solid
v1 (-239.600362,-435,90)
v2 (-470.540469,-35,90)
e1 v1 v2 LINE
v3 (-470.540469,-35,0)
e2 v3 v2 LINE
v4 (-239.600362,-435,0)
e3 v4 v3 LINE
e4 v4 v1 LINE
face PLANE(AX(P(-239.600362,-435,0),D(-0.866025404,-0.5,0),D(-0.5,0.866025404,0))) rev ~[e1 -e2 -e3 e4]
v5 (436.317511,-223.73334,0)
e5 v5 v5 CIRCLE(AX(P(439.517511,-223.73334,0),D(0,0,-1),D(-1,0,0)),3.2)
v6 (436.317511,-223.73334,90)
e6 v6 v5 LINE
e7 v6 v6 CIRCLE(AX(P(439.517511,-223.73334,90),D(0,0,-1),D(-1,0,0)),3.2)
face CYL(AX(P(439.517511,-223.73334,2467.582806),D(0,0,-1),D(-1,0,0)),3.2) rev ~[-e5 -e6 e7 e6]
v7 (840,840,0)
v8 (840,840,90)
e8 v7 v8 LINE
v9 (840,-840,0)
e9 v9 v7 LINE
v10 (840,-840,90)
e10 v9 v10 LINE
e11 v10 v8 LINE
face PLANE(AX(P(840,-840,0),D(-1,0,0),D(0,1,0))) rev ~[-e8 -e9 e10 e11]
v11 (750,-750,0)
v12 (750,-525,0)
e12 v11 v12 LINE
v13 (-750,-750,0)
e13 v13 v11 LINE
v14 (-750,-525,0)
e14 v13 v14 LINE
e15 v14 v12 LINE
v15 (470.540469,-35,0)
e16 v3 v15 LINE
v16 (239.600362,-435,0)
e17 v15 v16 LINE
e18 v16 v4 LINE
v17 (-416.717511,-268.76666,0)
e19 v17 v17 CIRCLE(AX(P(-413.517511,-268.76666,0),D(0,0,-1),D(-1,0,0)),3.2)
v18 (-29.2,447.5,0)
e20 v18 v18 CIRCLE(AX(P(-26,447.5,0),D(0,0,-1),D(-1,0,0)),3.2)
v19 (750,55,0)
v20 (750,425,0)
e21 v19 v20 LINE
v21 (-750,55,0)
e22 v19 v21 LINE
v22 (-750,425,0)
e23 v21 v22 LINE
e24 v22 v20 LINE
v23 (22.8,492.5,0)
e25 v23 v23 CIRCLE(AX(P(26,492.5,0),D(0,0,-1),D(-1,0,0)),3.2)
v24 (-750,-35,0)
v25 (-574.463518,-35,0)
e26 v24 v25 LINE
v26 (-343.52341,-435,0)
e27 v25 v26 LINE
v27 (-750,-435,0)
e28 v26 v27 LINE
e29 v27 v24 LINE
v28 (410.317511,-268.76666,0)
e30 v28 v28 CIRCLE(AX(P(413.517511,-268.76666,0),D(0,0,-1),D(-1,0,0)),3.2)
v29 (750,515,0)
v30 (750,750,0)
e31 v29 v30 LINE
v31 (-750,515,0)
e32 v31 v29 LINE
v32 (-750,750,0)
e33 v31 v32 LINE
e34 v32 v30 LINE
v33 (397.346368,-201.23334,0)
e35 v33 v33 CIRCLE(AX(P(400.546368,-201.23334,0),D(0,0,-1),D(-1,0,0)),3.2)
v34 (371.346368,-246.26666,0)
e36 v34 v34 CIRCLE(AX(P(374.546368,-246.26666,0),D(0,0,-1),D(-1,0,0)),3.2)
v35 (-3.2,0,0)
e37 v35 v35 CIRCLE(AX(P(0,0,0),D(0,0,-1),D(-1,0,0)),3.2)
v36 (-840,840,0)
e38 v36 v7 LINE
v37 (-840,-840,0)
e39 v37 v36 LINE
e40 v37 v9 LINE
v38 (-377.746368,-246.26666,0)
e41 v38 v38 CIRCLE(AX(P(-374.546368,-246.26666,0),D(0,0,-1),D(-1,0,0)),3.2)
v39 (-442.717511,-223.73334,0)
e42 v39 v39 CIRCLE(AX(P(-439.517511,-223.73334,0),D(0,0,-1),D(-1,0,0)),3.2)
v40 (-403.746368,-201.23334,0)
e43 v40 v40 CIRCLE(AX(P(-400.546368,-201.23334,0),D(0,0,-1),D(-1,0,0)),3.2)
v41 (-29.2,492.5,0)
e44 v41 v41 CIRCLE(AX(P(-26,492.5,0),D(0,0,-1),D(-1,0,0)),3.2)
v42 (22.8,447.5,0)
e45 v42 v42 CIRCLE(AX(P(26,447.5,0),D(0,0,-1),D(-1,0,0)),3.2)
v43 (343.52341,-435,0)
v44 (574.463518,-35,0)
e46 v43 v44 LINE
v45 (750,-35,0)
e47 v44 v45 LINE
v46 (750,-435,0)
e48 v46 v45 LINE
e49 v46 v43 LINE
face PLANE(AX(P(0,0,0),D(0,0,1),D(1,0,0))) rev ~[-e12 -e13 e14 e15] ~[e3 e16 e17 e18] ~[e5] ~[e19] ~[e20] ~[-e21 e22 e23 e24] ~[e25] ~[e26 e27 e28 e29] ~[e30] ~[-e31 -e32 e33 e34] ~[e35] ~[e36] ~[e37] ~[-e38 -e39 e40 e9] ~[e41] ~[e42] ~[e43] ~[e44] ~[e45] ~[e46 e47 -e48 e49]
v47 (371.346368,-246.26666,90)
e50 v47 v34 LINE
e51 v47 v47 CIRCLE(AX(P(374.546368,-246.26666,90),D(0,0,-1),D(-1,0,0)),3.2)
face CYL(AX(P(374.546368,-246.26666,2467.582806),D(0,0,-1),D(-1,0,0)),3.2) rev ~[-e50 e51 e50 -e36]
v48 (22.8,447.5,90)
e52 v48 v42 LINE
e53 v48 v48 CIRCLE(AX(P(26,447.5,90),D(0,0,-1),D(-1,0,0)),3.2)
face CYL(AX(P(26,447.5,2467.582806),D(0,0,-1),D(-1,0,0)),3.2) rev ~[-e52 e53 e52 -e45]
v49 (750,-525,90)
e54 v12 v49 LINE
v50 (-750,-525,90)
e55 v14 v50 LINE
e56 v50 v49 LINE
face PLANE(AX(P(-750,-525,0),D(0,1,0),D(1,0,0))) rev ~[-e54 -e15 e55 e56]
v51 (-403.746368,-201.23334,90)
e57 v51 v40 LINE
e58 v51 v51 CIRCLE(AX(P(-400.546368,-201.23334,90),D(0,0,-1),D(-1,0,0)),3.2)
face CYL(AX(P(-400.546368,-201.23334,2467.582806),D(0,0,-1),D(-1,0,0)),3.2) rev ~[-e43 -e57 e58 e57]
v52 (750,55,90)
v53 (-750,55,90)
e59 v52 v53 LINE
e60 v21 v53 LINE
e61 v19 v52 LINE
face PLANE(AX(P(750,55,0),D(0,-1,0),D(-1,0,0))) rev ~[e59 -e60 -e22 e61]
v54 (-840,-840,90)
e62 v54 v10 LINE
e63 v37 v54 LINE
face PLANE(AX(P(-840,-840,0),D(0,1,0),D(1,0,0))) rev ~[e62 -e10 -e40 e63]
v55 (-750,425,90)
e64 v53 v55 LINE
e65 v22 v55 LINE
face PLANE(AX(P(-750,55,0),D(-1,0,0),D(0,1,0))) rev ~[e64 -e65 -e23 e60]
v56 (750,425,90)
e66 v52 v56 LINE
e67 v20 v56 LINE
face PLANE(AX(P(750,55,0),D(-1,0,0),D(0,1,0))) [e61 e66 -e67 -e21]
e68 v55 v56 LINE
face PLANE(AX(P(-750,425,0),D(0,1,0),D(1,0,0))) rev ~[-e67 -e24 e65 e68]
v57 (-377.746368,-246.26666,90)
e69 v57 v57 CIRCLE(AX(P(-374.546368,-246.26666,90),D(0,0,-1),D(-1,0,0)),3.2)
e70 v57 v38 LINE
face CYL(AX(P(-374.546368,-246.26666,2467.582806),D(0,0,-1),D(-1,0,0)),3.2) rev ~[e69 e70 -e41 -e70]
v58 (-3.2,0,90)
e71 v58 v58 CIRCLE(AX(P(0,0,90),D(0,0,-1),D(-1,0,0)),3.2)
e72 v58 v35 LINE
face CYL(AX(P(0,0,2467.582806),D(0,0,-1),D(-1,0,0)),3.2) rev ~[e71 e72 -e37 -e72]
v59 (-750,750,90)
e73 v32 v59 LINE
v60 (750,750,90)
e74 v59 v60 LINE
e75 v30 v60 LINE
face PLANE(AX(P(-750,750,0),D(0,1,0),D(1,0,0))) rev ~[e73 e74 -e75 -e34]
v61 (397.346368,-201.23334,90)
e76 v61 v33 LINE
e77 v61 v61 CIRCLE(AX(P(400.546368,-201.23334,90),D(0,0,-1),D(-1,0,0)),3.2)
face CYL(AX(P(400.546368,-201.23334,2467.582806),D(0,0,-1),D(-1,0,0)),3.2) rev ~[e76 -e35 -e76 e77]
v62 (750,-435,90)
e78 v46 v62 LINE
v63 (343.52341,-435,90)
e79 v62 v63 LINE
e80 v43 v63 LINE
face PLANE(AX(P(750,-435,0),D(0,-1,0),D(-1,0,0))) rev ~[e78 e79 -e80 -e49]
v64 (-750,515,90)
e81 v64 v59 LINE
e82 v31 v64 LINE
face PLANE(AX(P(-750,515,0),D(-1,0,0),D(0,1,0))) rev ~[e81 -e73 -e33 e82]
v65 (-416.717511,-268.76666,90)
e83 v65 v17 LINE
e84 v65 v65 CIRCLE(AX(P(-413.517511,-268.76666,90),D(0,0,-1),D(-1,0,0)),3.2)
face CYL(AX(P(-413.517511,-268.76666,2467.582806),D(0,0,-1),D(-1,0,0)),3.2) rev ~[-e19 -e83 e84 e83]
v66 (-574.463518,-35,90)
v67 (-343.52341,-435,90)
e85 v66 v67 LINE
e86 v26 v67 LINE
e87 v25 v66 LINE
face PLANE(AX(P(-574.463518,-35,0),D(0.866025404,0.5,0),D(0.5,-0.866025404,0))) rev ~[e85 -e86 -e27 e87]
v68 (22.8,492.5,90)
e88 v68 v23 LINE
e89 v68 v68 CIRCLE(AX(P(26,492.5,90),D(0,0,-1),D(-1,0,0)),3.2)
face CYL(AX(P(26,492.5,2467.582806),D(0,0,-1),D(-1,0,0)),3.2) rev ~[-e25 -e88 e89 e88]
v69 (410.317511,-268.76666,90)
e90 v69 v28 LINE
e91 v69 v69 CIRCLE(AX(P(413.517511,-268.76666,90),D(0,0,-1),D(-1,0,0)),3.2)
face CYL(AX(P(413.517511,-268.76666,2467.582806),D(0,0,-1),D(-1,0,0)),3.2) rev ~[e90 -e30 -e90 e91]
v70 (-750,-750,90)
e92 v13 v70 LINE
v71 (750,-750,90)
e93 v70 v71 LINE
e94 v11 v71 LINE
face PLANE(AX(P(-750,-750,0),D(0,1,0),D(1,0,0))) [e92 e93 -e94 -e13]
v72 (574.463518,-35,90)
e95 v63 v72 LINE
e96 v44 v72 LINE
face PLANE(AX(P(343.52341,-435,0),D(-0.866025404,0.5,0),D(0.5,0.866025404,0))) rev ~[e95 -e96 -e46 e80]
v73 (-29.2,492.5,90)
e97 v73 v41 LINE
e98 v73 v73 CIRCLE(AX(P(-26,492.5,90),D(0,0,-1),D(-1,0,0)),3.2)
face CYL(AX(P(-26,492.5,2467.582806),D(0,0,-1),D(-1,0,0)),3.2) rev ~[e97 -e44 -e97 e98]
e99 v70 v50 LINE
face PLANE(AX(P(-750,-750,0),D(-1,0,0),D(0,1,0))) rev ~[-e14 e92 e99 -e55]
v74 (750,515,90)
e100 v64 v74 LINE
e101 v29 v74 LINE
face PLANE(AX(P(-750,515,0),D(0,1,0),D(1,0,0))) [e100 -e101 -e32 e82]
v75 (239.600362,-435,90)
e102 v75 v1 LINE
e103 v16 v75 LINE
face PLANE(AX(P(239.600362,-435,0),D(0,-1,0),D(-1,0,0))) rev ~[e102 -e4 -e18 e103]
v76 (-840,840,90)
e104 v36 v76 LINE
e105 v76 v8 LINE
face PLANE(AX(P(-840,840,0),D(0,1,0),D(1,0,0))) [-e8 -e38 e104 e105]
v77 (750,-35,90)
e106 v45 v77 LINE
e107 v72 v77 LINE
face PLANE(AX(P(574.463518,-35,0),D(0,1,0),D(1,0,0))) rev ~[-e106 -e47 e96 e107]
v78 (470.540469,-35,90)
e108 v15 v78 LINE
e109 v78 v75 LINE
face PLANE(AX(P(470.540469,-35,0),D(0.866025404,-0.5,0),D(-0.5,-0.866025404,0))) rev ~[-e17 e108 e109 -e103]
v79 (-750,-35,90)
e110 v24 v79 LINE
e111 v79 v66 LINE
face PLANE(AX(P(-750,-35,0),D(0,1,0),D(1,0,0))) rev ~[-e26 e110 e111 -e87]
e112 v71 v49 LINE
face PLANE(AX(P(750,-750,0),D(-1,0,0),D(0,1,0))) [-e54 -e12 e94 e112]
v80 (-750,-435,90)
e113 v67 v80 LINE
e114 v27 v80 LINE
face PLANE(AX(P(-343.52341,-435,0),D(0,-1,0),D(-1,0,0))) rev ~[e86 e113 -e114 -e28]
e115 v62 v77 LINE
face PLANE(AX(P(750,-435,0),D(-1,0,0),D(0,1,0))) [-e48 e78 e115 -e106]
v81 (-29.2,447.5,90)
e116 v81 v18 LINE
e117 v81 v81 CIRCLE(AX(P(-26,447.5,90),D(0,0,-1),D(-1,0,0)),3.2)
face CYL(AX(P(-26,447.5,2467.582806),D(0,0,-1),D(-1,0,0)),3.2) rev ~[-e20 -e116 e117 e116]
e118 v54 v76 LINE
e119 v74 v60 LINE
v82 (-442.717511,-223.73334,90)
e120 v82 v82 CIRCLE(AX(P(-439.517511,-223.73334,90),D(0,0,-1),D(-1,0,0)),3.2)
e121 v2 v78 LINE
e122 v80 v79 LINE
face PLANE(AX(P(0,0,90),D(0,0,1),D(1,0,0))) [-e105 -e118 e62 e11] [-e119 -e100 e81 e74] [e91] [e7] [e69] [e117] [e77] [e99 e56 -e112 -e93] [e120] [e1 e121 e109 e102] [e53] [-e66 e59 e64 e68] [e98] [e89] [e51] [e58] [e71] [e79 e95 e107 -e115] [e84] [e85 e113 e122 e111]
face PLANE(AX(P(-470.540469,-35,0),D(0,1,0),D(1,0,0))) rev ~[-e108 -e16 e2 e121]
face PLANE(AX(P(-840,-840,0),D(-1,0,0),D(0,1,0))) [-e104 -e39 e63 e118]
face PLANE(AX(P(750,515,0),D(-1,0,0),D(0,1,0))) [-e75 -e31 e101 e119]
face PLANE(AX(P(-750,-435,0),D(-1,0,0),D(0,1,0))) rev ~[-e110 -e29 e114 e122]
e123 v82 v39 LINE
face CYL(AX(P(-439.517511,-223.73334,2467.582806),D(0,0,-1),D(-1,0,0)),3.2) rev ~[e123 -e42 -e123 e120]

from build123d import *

# Parameters (mm, degrees)
CROQUIS1_W                   = 1680
CROQUIS1_H                   = 1680
CROQUIS1_W_2                 = 1500
CROQUIS1_H_2                 = 1500
CROQUIS1_H_3                 = 90
SALIENTE_EXTRUIR1_DEPTH      = 90
TALADRO_DE_MARGEN_PARA_M61_D = 6.4


with BuildPart() as part:
    # Croquis1 → Saliente-Extruir1 (new body)
    with BuildSketch(Plane.XY):
        Rectangle(CROQUIS1_W, CROQUIS1_H)
        Rectangle(CROQUIS1_W_2, CROQUIS1_H_2, mode=Mode.SUBTRACT)
        with Locations((0, 470)):
            Rectangle(CROQUIS1_W_2, CROQUIS1_H_3)
        Polygon((-750, 55), (-750, -35), (-574.463517844, -35), (-470.54046939, -35), (470.54046939, -35), (574.463517844, -35), (750, -35), (750, 55), align=None)
        Polygon((-750, -435), (-750, -525), (750, -525), (750, -435), (343.523410168, -435), (239.600361714, -435), (-239.600361714, -435), (-343.523410168, -435), align=None)
        Polygon((-574.463517844, -35), (-343.523410168, -435), (-239.600361714, -435), (-470.54046939, -35), align=None)
        Polygon((239.600361714, -435), (343.523410168, -435), (574.463517844, -35), (470.54046939, -35), align=None)
    extrude(amount=SALIENTE_EXTRUIR1_DEPTH)

    # Taladro de margen para M61 (through all)
    with Locations(Plane.XY.offset(90)):
        with Locations((-26, 492.5), (26, 492.5), (26, 447.5), (-26, 447.5), (439.517511364, -223.733339502), (413.517511364, -268.766660498), (374.546368194, -246.266660498), (400.546368194, -201.233339502), (-413.517511364, -268.766660498), (-439.517511364, -223.733339502), (-400.546368194, -201.233339502), (-374.546368194, -246.266660498), (0, 0)):
            Hole(TALADRO_DE_MARGEN_PARA_M61_D / 2)


solid = part.part
